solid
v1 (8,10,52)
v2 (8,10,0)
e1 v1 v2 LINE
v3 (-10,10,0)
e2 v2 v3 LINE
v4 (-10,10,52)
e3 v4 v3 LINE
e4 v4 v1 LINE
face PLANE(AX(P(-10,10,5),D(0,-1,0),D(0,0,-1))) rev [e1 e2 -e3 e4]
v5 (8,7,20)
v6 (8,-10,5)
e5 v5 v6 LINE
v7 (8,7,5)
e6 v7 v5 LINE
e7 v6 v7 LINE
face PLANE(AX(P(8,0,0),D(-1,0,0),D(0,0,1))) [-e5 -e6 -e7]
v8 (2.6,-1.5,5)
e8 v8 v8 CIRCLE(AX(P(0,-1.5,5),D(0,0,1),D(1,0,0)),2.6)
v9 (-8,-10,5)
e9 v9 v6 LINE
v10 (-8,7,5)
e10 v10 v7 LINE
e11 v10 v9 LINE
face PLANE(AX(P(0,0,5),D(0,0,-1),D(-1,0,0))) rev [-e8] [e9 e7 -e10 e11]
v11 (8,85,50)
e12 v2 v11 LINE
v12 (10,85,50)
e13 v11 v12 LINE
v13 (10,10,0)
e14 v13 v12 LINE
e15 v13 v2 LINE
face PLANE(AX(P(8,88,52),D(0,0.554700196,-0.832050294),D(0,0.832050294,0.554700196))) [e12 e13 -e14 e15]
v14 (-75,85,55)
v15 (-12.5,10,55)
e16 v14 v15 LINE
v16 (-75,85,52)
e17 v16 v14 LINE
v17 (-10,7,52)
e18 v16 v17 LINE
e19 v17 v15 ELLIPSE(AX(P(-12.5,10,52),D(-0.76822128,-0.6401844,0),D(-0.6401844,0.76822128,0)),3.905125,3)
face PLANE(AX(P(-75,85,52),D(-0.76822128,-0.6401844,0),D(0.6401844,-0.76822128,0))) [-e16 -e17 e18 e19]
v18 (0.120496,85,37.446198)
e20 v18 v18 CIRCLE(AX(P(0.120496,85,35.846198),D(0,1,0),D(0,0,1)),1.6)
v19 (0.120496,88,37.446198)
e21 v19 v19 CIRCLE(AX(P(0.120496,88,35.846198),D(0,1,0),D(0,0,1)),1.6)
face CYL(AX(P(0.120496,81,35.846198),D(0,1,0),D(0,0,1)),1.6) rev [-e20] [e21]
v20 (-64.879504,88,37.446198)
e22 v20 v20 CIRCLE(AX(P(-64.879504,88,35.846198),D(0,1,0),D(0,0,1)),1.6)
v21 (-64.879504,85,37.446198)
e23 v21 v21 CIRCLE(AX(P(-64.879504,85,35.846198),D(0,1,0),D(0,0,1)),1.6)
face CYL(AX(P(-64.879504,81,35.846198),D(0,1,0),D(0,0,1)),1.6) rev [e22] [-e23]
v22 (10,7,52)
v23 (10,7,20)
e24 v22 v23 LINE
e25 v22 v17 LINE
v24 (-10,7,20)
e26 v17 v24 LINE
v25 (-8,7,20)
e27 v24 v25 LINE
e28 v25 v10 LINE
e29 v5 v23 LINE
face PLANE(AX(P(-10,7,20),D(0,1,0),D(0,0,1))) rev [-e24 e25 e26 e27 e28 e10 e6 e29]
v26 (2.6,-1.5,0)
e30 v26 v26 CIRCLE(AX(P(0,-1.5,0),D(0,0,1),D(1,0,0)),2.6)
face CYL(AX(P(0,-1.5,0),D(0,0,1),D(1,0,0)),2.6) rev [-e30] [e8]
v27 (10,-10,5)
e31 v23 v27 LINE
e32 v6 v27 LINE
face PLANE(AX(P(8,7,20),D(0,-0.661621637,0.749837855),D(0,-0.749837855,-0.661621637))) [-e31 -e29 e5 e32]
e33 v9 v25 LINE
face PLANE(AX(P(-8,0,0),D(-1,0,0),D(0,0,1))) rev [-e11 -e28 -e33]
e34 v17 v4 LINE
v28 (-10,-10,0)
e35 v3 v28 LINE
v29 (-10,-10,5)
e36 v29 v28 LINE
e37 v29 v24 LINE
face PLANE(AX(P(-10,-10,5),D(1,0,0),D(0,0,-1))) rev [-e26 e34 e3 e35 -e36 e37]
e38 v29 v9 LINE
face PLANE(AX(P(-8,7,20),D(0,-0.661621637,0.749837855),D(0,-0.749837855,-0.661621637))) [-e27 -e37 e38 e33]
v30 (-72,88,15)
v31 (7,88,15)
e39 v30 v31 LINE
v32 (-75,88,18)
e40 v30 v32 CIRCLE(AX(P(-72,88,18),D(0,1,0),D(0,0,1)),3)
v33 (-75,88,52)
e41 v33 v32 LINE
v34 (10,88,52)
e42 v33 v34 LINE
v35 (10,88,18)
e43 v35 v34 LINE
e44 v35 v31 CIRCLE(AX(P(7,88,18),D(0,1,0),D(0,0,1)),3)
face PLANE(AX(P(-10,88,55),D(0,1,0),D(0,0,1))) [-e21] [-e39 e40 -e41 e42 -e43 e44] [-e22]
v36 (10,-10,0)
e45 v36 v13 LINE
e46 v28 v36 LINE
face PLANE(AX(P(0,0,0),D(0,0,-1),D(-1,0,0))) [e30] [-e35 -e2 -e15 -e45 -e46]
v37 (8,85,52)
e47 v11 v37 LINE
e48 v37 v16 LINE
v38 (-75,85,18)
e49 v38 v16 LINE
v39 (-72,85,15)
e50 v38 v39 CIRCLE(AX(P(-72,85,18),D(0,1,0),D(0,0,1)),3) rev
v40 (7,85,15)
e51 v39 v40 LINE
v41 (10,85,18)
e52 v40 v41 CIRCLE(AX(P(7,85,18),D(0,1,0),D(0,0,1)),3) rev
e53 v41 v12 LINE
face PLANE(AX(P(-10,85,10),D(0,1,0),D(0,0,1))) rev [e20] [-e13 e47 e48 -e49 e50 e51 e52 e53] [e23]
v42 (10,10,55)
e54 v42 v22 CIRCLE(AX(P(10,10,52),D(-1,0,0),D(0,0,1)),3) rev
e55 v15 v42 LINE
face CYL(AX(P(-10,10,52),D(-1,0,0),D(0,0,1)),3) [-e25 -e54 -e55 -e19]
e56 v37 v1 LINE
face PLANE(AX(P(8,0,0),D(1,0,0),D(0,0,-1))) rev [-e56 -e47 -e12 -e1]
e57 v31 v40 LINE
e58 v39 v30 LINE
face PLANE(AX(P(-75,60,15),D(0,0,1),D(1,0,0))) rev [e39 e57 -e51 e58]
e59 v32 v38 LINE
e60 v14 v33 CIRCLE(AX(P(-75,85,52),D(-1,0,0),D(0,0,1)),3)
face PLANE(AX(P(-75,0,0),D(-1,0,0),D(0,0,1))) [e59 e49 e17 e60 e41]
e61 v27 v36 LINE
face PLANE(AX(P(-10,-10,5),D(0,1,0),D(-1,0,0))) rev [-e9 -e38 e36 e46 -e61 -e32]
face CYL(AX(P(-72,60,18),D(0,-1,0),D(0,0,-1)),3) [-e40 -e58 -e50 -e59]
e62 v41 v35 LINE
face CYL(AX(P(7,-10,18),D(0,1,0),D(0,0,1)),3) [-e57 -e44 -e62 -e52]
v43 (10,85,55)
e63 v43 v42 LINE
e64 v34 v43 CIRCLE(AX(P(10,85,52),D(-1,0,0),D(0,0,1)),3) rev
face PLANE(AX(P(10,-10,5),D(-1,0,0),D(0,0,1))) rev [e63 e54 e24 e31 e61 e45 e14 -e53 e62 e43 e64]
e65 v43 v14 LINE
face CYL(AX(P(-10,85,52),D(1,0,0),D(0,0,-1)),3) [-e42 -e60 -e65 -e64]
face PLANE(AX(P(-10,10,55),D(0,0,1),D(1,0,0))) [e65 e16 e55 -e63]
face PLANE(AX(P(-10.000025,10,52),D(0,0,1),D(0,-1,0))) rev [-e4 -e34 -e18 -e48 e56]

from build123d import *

# Parameters (mm, degrees)
SKETCH1_W            = 20
SKETCH1_H            = 20
BOSS_EXTRUDE1_DEPTH  = 5
SKETCH2_W            = 20
SKETCH2_H            = 3
BOSS_EXTRUDE2_DEPTH  = 20
BOSS_EXTRUDE3_DEPTH  = 2
BOSS_EXTRUDE4_DEPTH  = 2
SKETCH5_R            = 2.6
CUT_EXTRUDE1_DEPTH   = 21.615528128
SKETCH6_W            = 20
SKETCH6_H            = 3
BOSS_EXTRUDE5_DEPTH  = 5
SKETCH17_W           = 30
SKETCH17_H           = 3
BOSS_EXTRUDE14_DEPTH = 20
SKETCH18_W           = 13
SKETCH18_H           = 78
BOSS_EXTRUDE17_DEPTH = 20
SKETCH20_W           = 10
SKETCH20_H           = 78
CUT_EXTRUDE3_DEPTH   = 106.683489723
BOSS_EXTRUDE20_DEPTH = 2
SKETCH24_W           = 20
SKETCH24_H           = 3
BOSS_EXTRUDE21_DEPTH = 42
SKETCH25_W           = 45
SKETCH25_H           = 3
BOSS_EXTRUDE22_DEPTH = 65
SKETCH26_W           = 85
SKETCH26_H           = 5
CUT_EXTRUDE4_DEPTH   = 28
BOSS_EXTRUDE24_DEPTH = 3
SKETCH28_R           = 1.6
CUT_EXTRUDE6_DEPTH   = 7
FILLET4_R            = 3
FILLET5_R            = 3


with BuildPart() as part:
    # Sketch1 → Boss-Extrude1 (new body)
    with BuildSketch(Plane.XY):
        Rectangle(SKETCH1_W, SKETCH1_H)
    extrude(amount=BOSS_EXTRUDE1_DEPTH)

    # Sketch2 → Boss-Extrude2 (add)
    with BuildSketch(Plane.XY):
        with Locations((0, 8.5)):
            Rectangle(SKETCH2_W, SKETCH2_H)
    extrude(amount=BOSS_EXTRUDE2_DEPTH)

    # Sketch3 → Boss-Extrude3 (add)
    with BuildSketch(Plane.ZY.offset(10)):
        Polygon((20, 7), (5, -10), (5, 7), align=None)
    extrude(amount=-BOSS_EXTRUDE3_DEPTH)

    # Sketch4 → Boss-Extrude4 (add)
    with BuildSketch(Plane(origin=(10, 0, 0), x_dir=(0, 0, -1), z_dir=(1, 0, 0))):
        Polygon((-20, 7), (-5, -10), (-5, 7), align=None)
    extrude(amount=-BOSS_EXTRUDE4_DEPTH)

    # Sketch5 → Cut-Extrude1 (cut, through all)
    with BuildSketch(Plane.XY.offset(5)):
        with Locations((0, -1.5)):
            Circle(SKETCH5_R)
    extrude(amount=-CUT_EXTRUDE1_DEPTH, mode=Mode.SUBTRACT)

    # Sketch6 → Boss-Extrude5 (add)
    with BuildSketch(Plane.XY.offset(20)):
        with Locations((0, 8.5)):
            Rectangle(SKETCH6_W, SKETCH6_H)
    extrude(amount=BOSS_EXTRUDE5_DEPTH)

    # Sketch17 → Boss-Extrude14 (add)
    with BuildSketch(Plane(origin=(10, 0, 0), x_dir=(0, 0, -1), z_dir=(1, 0, 0))):
        with Locations((-40, 8.5)):
            Rectangle(SKETCH17_W, SKETCH17_H)
    extrude(amount=-BOSS_EXTRUDE14_DEPTH)

    # Sketch18 → Boss-Extrude17 (add)
    with BuildSketch(Plane(origin=(10, 0, 0), x_dir=(0, 0, -1), z_dir=(1, 0, 0))):
        with Locations((-48.5, 49)):
            Rectangle(SKETCH18_W, SKETCH18_H)
    extrude(amount=-BOSS_EXTRUDE17_DEPTH)

    # Sketch20 → Cut-Extrude3 (cut, through all)
    with BuildSketch(Plane(origin=(10, 0, 0), x_dir=(0, 0, -1), z_dir=(1, 0, 0))):
        with Locations((-47, 49)):
            Rectangle(SKETCH20_W, SKETCH20_H)
    extrude(amount=-CUT_EXTRUDE3_DEPTH, mode=Mode.SUBTRACT)

    # Sketch23 → Boss-Extrude20 (add)
    with BuildSketch(Plane(origin=(10, 0, 0), x_dir=(0, 0, -1), z_dir=(1, 0, 0))):
        Polygon((-52, 88), (0, 10), (-52, 10), align=None)
    extrude(amount=-BOSS_EXTRUDE20_DEPTH)

    # Sketch24 → Boss-Extrude21 (add)
    with BuildSketch(Plane(origin=(0, 0, 52), x_dir=(-1, 0, 0), z_dir=(0, 0, -1))):
        with Locations((0, 86.5)):
            Rectangle(SKETCH24_W, SKETCH24_H)
    extrude(amount=BOSS_EXTRUDE21_DEPTH)

    # Sketch25 → Boss-Extrude22 (add)
    with BuildSketch(Plane.ZY.offset(10)):
        with Locations((32.5, 86.5)):
            Rectangle(SKETCH25_W, SKETCH25_H)
    extrude(amount=BOSS_EXTRUDE22_DEPTH)

    # Sketch26 → Cut-Extrude4 (cut)
    with BuildSketch(Plane(origin=(0, 88, 0), x_dir=(1, 0, 0), z_dir=(0, 1, 0))):
        with Locations((-32.5, -12.5)):
            Rectangle(SKETCH26_W, SKETCH26_H)
    extrude(amount=-CUT_EXTRUDE4_DEPTH, mode=Mode.SUBTRACT)

    # Sketch27 → Boss-Extrude24 (add)
    with BuildSketch(Plane.XY.offset(55)):
        Polygon((-75, 85), (-10, 7), (-10, 85), align=None)
    extrude(amount=-BOSS_EXTRUDE24_DEPTH)

    # Sketch28 → Cut-Extrude6 (cut)
    with BuildSketch(Plane(origin=(0, 88, 0), x_dir=(1, 0, 0), z_dir=(0, 1, 0))):
        with Locations(Location((0.120495814, -35.846198104, 0), (0, 0, 270))):
            Circle(SKETCH28_R)
        with Locations(Location((-64.879504186, -35.846198104, 0), (0, 0, 270))):
            Circle(SKETCH28_R)
    extrude(amount=-CUT_EXTRUDE6_DEPTH, mode=Mode.SUBTRACT)

    # Fillet4
    fillet4_edges = [part.edges().sort_by_distance(p)[0] for p in [
        (-75, 86.5, 15),
        (10, 86.5, 15),
    ]]
    fillet(fillet4_edges, radius=FILLET4_R)

    # Fillet5
    fillet5_edges = [part.edges().sort_by_distance(p)[0] for p in [
        (0, 7, 55),
        (-32.5, 88, 55),
    ]]
    fillet(fillet5_edges, radius=FILLET5_R)


solid = part.part
